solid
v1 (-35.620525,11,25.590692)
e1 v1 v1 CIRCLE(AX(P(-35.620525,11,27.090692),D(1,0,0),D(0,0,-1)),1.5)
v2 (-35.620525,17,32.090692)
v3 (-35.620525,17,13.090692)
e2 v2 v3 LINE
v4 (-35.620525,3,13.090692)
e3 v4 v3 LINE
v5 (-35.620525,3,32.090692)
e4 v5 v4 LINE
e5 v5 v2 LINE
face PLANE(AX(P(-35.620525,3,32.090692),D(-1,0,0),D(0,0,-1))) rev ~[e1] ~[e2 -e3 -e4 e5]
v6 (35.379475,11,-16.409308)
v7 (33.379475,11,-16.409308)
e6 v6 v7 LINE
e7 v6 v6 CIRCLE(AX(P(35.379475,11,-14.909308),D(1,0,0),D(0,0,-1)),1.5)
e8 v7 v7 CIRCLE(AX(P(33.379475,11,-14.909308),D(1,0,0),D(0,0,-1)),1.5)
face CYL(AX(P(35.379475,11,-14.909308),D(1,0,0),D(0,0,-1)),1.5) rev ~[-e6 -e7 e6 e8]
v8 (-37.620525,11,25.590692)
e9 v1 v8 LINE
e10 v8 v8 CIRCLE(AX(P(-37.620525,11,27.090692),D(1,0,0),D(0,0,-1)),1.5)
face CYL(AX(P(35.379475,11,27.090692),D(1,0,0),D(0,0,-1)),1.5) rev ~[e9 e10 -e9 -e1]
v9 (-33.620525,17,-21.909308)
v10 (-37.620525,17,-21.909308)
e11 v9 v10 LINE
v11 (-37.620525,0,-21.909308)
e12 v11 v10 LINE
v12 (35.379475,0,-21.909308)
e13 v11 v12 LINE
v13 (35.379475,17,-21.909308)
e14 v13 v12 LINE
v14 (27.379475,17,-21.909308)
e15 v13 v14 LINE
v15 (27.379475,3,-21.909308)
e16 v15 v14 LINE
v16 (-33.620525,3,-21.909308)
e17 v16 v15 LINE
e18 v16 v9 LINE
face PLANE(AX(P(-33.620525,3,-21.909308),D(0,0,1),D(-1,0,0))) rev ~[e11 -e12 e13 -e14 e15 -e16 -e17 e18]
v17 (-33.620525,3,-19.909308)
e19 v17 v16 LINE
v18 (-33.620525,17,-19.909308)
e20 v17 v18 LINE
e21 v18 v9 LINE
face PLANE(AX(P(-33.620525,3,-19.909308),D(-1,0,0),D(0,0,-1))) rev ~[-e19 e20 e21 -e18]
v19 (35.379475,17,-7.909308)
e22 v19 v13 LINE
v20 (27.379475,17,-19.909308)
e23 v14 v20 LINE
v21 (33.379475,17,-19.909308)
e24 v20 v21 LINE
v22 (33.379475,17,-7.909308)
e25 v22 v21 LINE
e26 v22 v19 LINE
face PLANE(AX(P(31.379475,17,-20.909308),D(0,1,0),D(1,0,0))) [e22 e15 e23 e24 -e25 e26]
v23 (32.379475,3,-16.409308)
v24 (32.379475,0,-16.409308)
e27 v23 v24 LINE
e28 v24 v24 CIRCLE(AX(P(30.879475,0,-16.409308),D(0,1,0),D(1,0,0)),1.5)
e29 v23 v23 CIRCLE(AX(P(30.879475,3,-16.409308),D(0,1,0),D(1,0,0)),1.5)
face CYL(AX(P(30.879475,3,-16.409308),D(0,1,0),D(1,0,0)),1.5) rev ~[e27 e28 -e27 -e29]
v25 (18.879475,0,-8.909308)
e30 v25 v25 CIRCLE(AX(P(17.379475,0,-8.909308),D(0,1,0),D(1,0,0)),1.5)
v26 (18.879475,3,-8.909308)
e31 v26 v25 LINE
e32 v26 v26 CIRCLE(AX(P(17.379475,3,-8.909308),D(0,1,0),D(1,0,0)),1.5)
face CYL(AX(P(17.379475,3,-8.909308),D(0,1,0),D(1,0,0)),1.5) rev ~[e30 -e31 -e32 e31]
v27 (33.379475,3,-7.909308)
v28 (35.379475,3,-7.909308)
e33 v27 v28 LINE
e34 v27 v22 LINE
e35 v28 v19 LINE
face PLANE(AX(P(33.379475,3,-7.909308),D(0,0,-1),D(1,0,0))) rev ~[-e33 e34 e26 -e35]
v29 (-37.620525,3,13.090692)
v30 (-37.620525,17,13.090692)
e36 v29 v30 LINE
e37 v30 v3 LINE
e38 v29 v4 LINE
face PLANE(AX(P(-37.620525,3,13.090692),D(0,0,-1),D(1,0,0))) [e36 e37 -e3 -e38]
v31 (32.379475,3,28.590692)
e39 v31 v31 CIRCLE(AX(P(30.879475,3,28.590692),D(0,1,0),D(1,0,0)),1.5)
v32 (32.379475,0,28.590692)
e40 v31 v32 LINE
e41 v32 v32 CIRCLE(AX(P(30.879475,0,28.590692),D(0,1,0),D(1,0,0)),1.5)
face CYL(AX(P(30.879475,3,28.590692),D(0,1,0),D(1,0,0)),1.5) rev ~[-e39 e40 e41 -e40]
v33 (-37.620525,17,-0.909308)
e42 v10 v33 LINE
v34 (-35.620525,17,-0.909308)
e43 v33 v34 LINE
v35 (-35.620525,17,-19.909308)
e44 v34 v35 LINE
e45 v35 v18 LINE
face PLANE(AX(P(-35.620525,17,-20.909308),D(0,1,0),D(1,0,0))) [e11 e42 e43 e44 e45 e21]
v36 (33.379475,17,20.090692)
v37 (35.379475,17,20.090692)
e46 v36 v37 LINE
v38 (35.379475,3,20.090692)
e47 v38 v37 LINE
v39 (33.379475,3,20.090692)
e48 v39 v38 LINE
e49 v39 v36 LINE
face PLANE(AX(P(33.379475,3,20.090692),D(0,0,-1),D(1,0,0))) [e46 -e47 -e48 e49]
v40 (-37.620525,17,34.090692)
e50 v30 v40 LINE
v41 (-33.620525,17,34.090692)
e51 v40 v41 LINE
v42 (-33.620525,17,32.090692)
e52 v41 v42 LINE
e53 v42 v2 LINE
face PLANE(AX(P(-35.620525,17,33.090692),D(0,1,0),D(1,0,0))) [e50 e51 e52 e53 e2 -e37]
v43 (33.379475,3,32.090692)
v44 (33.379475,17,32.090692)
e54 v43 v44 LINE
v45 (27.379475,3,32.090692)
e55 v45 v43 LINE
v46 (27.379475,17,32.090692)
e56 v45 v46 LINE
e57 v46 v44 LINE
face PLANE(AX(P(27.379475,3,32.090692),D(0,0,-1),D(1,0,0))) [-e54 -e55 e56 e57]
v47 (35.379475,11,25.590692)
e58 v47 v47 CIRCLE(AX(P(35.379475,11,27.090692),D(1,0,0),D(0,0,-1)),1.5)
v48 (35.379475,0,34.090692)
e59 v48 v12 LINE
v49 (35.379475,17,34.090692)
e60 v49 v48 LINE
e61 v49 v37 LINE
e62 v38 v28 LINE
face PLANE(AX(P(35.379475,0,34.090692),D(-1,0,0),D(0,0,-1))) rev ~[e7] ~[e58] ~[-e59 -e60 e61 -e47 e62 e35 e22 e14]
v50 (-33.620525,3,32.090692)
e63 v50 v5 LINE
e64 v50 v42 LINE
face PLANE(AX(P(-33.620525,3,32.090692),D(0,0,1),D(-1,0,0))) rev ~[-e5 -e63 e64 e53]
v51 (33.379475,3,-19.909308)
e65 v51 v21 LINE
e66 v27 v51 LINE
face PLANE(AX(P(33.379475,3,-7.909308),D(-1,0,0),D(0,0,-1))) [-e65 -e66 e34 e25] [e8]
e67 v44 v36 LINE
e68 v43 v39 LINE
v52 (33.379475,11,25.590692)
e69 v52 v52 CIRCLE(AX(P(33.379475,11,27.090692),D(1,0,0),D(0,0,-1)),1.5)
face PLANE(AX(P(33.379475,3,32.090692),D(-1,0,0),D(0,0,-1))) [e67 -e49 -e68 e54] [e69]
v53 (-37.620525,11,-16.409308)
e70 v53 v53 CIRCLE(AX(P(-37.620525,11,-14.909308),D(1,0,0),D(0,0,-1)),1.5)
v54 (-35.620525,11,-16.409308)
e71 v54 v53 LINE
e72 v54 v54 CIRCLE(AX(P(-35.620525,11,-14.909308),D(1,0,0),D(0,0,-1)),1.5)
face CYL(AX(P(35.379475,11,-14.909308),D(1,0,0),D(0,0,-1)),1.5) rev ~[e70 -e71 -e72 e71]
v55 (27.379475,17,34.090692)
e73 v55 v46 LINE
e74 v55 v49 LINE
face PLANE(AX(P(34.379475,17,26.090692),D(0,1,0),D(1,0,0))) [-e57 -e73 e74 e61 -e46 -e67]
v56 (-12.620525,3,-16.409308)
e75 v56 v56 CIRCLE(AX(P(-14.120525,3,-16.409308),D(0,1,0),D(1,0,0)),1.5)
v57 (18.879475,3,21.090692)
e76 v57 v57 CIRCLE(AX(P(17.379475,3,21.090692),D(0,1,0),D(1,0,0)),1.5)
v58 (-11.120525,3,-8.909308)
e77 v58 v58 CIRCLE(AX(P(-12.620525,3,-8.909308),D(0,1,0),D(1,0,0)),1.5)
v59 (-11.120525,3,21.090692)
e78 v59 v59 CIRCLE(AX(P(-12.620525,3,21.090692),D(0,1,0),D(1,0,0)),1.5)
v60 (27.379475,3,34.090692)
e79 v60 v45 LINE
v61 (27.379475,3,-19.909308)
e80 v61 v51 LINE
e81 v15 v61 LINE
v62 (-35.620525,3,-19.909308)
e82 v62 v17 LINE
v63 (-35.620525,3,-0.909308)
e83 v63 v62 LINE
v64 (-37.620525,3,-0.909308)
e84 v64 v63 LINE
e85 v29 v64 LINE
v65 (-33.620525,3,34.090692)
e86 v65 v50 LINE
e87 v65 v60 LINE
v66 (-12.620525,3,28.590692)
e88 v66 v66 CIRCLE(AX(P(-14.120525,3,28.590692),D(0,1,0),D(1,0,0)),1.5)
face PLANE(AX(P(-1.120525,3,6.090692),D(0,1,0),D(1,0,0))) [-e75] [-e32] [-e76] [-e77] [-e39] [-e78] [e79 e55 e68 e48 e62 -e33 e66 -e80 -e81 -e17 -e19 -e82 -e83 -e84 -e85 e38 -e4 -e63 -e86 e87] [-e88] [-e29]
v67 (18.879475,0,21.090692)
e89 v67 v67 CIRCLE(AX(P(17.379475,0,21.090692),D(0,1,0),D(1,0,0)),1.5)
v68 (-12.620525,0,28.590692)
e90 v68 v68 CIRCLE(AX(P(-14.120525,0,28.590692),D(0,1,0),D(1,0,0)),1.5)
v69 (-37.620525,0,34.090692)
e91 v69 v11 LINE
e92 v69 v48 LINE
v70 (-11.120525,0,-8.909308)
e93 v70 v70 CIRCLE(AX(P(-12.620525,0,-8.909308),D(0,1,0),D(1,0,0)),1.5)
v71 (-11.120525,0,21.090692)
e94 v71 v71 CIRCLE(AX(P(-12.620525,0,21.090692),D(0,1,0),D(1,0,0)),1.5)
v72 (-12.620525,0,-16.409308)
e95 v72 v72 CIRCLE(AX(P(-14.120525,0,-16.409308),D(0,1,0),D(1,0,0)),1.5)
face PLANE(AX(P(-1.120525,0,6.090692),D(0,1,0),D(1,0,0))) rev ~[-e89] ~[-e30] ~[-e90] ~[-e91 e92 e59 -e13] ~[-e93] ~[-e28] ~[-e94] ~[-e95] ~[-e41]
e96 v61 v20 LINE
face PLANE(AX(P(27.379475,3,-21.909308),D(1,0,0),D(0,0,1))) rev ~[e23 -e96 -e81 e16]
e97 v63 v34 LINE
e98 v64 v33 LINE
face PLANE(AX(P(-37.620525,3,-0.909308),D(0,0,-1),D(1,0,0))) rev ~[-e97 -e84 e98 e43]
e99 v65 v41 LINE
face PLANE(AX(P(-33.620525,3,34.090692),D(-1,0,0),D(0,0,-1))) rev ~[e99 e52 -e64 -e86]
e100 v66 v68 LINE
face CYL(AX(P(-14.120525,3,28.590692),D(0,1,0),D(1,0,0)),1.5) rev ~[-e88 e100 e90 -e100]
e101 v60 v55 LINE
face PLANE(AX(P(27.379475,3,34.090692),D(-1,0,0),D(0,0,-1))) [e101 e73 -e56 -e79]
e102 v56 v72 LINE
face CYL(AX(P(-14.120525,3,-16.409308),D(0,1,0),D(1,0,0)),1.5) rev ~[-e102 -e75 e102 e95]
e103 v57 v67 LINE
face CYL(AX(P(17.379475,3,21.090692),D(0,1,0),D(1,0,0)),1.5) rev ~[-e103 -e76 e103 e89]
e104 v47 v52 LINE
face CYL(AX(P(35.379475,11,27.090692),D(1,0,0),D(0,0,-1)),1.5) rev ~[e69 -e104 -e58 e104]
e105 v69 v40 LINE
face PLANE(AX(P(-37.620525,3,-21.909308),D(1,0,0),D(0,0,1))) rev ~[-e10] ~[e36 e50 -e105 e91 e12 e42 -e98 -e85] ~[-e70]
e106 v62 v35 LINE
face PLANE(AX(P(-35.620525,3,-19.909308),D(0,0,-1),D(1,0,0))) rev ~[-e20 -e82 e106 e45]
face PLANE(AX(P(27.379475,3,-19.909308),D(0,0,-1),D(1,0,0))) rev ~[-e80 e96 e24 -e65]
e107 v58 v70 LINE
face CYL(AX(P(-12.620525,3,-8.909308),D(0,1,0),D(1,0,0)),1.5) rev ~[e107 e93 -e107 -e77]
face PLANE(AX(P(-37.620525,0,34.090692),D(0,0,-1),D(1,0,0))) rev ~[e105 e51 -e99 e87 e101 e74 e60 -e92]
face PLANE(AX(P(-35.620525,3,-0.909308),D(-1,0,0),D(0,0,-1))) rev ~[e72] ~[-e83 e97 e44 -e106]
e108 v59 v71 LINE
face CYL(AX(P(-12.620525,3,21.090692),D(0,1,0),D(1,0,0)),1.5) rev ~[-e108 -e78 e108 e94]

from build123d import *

# Parameters (mm, degrees)
SKETCH1_W               = 73
SKETCH1_H               = 56
BOSS_EXTRUDE1_DEPTH     = 3
SKETCH2_R               = 1.5
CUT_EXTRUDE1_DEPTH      = 4
SKETCH4_W               = 2
SKETCH4_H               = 12
SKETCH4_H_2             = 19
SKETCH4_W_2             = 8
SKETCH4_H_3             = 2
BOSS_EXTRUDE2_DEPTH     = 14
SKETCH5_R               = 1.5
CUT_EXTRUDE2_DEPTH      = 4
SKETCH7_R               = 1.5
CUT_EXTRUDE4_DEPTH      = 1
CUT_EXTRUDE4_DEPTH_BACK = 74


with BuildPart() as part:
    # Sketch1 → Boss-Extrude1 (new body)
    with BuildSketch(Plane(origin=(0, 0, 0), x_dir=(1, 0, 0), z_dir=(0, 1, 0))):
        with Locations((-1.12052506, -6.090692124)):
            Rectangle(SKETCH1_W, SKETCH1_H)
    extrude(amount=BOSS_EXTRUDE1_DEPTH)

    # Sketch2 → Cut-Extrude1 (cut, through all)
    with BuildSketch(Plane(origin=(0, 3, 0), x_dir=(1, 0, 0), z_dir=(0, 1, 0))):
        with Locations((-12.62052506, 8.909307876)):
            Circle(SKETCH2_R)
        with Locations((-12.62052506, -21.090692124)):
            Circle(SKETCH2_R)
        with Locations((17.37947494, -21.090692124)):
            Circle(SKETCH2_R)
        with Locations((17.37947494, 8.909307876)):
            Circle(SKETCH2_R)
    extrude(amount=-CUT_EXTRUDE1_DEPTH, mode=Mode.SUBTRACT)

    # Sketch4 → Boss-Extrude2 (add)
    with BuildSketch(Plane(origin=(0, 3, 0), x_dir=(1, 0, 0), z_dir=(0, 1, 0))):
        Polygon((-33.62052506, 21.909307876), (-37.62052506, 21.909307876), (-37.62052506, 19.909307876), (-35.62052506, 19.909307876), (-33.62052506, 19.909307876), align=None)
        Polygon((35.37947494, 21.909307876), (27.37947494, 21.909307876), (27.37947494, 19.909307876), (33.37947494, 19.909307876), (35.37947494, 19.909307876), align=None)
        with Locations((34.37947494, 13.909307876)):
            Rectangle(SKETCH4_W, SKETCH4_H)
        with Locations((34.37947494, -26.090692124)):
            Rectangle(SKETCH4_W, SKETCH4_H)
        Polygon((-35.62052506, -32.090692124), (-37.62052506, -32.090692124), (-37.62052506, -34.090692124), (-33.62052506, -34.090692124), (-33.62052506, -32.090692124), align=None)
        with Locations((-36.62052506, -22.590692124)):
            Rectangle(SKETCH4_W, SKETCH4_H_2)
        with Locations((-36.62052506, 10.409307876)):
            Rectangle(SKETCH4_W, SKETCH4_H_2)
        with Locations((31.37947494, -33.090692124)):
            Rectangle(SKETCH4_W_2, SKETCH4_H_3)
    extrude(amount=BOSS_EXTRUDE2_DEPTH)

    # Sketch5 → Cut-Extrude2 (cut, through all)
    with BuildSketch(Plane(origin=(0, 3, 0), x_dir=(1, 0, 0), z_dir=(0, 1, 0))):
        with Locations((30.87947494, 16.409307876)):
            Circle(SKETCH5_R)
        with Locations((30.87947494, -28.590692124)):
            Circle(SKETCH5_R)
        with Locations((-14.12052506, 16.409307876)):
            Circle(SKETCH5_R)
        with Locations((-14.12052506, -28.590692124)):
            Circle(SKETCH5_R)
    extrude(amount=-CUT_EXTRUDE2_DEPTH, mode=Mode.SUBTRACT)

    # Sketch7 → Cut-Extrude4 (cut, two sides)
    with BuildSketch(Plane(origin=(35.37947494, 0, 0), x_dir=(0, 0, -1), z_dir=(1, 0, 0))) as cut_extrude4_sk:
        with Locations((-27.090692124, 11)):
            Circle(SKETCH7_R)
        with Locations((14.909307876, 11)):
            Circle(SKETCH7_R)
    extrude(amount=CUT_EXTRUDE4_DEPTH, mode=Mode.SUBTRACT)
    extrude(cut_extrude4_sk.sketch, amount=-CUT_EXTRUDE4_DEPTH_BACK, mode=Mode.SUBTRACT)


solid = part.part
